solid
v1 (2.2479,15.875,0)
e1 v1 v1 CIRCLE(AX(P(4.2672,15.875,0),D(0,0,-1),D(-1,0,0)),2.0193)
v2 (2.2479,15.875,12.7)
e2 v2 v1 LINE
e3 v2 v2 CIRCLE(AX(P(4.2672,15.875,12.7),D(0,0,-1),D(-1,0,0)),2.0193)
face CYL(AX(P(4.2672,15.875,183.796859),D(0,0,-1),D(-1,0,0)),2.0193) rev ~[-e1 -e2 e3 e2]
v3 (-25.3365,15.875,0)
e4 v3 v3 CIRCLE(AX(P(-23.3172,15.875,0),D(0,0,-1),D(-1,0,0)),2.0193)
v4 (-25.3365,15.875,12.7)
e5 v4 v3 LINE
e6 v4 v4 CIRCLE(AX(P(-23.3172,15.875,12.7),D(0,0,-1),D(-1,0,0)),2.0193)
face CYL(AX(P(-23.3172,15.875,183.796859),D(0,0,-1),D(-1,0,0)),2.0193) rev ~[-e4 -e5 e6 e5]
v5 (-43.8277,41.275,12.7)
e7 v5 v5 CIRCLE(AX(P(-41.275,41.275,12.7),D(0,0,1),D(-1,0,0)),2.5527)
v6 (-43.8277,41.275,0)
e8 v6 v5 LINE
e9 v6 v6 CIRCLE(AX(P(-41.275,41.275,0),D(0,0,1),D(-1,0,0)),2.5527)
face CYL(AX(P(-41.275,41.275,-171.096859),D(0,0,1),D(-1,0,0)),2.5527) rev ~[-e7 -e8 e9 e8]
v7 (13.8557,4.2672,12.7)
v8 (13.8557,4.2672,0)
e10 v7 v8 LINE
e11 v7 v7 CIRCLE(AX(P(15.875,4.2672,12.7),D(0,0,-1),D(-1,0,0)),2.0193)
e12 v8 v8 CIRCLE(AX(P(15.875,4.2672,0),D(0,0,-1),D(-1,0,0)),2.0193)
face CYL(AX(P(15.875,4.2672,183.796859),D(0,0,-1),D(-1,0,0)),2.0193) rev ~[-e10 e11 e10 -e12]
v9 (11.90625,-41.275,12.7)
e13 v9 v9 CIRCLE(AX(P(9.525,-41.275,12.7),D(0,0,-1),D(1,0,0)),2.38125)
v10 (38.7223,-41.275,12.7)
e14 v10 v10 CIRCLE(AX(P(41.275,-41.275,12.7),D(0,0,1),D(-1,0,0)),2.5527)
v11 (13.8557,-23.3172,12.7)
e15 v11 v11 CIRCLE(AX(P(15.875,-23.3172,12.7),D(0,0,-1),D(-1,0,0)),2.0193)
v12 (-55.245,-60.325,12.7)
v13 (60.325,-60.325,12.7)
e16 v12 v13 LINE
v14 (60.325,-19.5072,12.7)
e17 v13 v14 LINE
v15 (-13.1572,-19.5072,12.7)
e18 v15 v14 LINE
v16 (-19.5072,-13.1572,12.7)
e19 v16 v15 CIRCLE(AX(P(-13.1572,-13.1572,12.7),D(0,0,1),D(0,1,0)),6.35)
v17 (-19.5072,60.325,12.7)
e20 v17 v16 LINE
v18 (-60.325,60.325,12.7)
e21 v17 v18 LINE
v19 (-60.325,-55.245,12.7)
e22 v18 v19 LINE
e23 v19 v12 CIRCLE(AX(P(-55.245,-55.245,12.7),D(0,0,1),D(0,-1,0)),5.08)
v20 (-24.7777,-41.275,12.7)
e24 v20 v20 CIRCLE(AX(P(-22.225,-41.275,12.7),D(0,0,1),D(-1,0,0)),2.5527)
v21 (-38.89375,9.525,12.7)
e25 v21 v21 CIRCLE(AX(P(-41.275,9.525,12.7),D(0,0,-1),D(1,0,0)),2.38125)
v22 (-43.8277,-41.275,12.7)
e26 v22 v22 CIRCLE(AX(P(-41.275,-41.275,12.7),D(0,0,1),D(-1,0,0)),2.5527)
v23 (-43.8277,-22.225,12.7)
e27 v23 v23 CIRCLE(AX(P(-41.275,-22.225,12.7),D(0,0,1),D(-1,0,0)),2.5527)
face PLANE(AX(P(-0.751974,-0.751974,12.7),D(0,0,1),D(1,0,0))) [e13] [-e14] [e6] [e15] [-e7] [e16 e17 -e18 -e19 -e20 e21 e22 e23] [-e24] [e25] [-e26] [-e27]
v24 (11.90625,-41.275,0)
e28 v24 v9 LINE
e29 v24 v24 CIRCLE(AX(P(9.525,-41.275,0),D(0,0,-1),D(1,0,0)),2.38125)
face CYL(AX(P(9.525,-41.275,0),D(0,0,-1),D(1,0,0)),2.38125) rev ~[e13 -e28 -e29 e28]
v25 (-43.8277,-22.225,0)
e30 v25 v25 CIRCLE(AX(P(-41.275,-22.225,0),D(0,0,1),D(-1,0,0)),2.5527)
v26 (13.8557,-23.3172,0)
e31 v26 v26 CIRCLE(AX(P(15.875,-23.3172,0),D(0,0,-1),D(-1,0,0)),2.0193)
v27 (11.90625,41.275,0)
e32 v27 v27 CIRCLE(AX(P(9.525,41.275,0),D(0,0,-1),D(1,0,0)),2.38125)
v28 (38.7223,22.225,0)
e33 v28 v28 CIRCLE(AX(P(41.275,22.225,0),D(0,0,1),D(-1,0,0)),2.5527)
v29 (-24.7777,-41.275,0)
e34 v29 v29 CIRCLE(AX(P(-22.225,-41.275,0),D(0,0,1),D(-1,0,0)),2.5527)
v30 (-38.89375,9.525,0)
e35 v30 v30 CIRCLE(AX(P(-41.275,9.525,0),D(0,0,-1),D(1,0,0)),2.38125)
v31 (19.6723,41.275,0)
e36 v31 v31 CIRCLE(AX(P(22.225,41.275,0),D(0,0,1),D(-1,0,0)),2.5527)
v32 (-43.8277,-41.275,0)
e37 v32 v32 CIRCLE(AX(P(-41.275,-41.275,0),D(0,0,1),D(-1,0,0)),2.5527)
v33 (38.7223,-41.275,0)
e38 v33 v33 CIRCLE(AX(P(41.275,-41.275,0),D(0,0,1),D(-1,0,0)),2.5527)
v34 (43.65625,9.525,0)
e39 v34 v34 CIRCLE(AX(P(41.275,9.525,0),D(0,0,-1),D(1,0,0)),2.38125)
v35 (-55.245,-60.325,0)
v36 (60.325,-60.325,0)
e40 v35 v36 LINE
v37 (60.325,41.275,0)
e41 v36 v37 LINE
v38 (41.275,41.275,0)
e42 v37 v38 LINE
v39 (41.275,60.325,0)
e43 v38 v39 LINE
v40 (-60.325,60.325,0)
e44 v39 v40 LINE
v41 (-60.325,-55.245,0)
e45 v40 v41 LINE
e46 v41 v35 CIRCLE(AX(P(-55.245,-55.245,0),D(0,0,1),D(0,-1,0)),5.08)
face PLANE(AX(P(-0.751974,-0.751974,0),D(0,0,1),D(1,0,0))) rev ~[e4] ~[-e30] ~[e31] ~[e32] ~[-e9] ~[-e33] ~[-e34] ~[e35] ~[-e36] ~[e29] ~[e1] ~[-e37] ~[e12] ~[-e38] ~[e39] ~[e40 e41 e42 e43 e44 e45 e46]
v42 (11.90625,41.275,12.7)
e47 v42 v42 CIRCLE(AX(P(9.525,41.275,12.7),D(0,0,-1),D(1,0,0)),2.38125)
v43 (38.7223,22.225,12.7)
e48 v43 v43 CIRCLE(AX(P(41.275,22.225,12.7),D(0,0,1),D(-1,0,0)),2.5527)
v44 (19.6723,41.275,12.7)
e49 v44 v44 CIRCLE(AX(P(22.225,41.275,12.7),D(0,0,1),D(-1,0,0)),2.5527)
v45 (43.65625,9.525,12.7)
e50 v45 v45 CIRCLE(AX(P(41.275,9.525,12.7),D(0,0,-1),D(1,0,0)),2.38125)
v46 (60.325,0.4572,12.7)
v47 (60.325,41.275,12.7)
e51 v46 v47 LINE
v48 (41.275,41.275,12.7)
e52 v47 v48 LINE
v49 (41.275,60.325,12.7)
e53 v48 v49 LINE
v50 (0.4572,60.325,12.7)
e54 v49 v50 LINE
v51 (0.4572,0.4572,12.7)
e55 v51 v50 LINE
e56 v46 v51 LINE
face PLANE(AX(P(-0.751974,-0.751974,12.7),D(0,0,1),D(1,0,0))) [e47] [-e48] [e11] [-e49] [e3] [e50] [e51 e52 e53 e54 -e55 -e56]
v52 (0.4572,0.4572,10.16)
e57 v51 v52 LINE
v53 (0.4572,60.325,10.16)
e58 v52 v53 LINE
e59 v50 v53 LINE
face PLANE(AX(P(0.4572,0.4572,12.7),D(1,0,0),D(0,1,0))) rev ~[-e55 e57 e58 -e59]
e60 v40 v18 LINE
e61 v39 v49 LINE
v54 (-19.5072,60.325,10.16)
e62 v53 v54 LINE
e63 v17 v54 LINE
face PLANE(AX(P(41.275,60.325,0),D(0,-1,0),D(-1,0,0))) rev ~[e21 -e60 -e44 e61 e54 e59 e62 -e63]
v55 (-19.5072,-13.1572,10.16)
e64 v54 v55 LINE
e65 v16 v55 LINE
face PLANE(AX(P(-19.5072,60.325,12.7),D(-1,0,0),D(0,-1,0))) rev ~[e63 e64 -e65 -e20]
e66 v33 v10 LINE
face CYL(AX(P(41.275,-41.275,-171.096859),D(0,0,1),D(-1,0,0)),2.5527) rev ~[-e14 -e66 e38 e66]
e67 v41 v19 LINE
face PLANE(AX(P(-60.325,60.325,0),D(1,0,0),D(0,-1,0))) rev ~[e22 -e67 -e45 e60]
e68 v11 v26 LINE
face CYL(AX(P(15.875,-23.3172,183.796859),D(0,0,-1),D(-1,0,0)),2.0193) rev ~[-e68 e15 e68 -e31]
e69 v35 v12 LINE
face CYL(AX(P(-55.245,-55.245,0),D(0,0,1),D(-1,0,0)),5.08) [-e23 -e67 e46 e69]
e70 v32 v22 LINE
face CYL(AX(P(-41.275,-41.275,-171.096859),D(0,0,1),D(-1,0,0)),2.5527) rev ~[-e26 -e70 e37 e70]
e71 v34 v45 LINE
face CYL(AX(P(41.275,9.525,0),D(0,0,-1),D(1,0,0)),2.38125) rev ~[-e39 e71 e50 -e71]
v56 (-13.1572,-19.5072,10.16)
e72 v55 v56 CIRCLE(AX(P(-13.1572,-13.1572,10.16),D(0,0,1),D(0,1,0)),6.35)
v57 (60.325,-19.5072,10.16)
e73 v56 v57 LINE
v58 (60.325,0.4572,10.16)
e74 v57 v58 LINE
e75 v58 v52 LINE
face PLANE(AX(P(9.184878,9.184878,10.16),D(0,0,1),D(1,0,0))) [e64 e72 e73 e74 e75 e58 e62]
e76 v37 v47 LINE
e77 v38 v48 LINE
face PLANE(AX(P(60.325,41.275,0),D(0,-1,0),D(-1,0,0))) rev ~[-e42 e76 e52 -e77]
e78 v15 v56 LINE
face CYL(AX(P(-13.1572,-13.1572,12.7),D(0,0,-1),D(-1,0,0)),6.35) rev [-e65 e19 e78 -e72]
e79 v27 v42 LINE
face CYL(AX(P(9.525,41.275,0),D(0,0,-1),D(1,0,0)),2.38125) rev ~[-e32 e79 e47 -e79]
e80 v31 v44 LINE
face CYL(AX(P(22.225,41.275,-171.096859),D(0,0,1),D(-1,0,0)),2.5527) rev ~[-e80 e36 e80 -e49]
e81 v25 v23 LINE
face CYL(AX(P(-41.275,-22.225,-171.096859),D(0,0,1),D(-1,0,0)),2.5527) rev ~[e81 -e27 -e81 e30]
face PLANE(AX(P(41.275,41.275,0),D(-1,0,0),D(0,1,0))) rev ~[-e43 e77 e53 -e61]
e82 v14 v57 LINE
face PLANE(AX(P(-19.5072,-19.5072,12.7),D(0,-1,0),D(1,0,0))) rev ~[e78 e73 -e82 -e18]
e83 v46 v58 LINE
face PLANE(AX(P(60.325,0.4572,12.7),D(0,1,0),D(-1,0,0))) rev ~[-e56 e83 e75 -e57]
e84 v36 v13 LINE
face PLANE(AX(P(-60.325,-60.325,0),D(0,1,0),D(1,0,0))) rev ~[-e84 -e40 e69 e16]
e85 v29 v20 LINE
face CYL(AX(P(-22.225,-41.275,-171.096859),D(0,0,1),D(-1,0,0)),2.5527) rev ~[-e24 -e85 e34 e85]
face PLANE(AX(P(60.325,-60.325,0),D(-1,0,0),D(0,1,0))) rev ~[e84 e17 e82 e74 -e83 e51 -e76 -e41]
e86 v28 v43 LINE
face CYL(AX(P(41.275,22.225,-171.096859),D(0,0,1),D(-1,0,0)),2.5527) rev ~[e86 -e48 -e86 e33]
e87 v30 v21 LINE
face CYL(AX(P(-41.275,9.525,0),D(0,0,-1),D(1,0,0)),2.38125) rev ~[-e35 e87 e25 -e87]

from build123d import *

# Parameters (mm, degrees)
F1_DEPTH  = 12.7
F3_DEPTH  = 2.54
F5_D      = 5.1054
F7_D      = 4.0386
F9_D      = 5.1054
F10_R     = 2.38125
F11_DEPTH = 12.701
F12_R     = 6.35
F13_R     = 5.08


with BuildPart() as f1:
    # F0 (on Top) → F1 (new body)
    with BuildSketch(Plane.XY):
        Polygon((41.275, 41.275), (41.275, 60.325), (-60.325, 60.325), (-60.325, -60.325), (60.325, -60.325), (60.325, 41.275), align=None)
    extrude(amount=F1_DEPTH)

    # F2 (on face) → F3 (cut)
    with BuildSketch(Plane.XY.offset(12.7)):
        Polygon((0.4572, 60.325), (-19.5072, 60.325), (-19.5072, -19.5072), (60.325, -19.5072), (60.325, 0.4572), (0.4572, 0.4572), align=None)
    extrude(amount=-F3_DEPTH, mode=Mode.SUBTRACT)

    # F5 (through all)
    with Locations(Plane(origin=(0, 0, 0), x_dir=(1, 0, 0), z_dir=(0, 0, -1))):
        with Locations((-41.275, -41.275), (22.225, -41.275), (41.275, -22.225), (41.275, 41.275), (-22.225, 41.275), (-41.275, 22.225)):
            Hole(F5_D / 2)

    # F7 (through all)
    with Locations(Plane.XY.offset(12.7)):
        with Locations((4.2672, 15.875), (-23.3172, 15.875), (15.875, 4.2672), (15.875, -23.3172)):
            Hole(F7_D / 2)

    # F9 (through all)
    with Locations(Plane(origin=(0, 0, 0), x_dir=(1, 0, 0), z_dir=(0, 0, -1))):
        with Locations((-41.275, 41.275)):
            Hole(F9_D / 2)

    # F10 (on face) → F11 (cut, through all)
    with BuildSketch(Plane(origin=(0, 0, 0), x_dir=(1, 0, 0), z_dir=(0, 0, -1))):
        with Locations((9.525, 41.275)):
            Circle(F10_R)
        with Locations((41.275, -9.525)):
            Circle(F10_R)
        with Locations((9.525, -41.275)):
            Circle(F10_R)
        with Locations((-41.275, -9.525)):
            Circle(F10_R)
    extrude(amount=-F11_DEPTH, mode=Mode.SUBTRACT)

    # F12
    f12_edges = [f1.edges().sort_by_distance(p)[0] for p in [
        (-19.5072, -19.5072, 11.43),
    ]]
    fillet(f12_edges, radius=F12_R)

    # F13
    f13_edges = [f1.edges().sort_by_distance(p)[0] for p in [
        (-60.325, -60.325, 6.35),
    ]]
    fillet(f13_edges, radius=F13_R)


solid = f1.part
